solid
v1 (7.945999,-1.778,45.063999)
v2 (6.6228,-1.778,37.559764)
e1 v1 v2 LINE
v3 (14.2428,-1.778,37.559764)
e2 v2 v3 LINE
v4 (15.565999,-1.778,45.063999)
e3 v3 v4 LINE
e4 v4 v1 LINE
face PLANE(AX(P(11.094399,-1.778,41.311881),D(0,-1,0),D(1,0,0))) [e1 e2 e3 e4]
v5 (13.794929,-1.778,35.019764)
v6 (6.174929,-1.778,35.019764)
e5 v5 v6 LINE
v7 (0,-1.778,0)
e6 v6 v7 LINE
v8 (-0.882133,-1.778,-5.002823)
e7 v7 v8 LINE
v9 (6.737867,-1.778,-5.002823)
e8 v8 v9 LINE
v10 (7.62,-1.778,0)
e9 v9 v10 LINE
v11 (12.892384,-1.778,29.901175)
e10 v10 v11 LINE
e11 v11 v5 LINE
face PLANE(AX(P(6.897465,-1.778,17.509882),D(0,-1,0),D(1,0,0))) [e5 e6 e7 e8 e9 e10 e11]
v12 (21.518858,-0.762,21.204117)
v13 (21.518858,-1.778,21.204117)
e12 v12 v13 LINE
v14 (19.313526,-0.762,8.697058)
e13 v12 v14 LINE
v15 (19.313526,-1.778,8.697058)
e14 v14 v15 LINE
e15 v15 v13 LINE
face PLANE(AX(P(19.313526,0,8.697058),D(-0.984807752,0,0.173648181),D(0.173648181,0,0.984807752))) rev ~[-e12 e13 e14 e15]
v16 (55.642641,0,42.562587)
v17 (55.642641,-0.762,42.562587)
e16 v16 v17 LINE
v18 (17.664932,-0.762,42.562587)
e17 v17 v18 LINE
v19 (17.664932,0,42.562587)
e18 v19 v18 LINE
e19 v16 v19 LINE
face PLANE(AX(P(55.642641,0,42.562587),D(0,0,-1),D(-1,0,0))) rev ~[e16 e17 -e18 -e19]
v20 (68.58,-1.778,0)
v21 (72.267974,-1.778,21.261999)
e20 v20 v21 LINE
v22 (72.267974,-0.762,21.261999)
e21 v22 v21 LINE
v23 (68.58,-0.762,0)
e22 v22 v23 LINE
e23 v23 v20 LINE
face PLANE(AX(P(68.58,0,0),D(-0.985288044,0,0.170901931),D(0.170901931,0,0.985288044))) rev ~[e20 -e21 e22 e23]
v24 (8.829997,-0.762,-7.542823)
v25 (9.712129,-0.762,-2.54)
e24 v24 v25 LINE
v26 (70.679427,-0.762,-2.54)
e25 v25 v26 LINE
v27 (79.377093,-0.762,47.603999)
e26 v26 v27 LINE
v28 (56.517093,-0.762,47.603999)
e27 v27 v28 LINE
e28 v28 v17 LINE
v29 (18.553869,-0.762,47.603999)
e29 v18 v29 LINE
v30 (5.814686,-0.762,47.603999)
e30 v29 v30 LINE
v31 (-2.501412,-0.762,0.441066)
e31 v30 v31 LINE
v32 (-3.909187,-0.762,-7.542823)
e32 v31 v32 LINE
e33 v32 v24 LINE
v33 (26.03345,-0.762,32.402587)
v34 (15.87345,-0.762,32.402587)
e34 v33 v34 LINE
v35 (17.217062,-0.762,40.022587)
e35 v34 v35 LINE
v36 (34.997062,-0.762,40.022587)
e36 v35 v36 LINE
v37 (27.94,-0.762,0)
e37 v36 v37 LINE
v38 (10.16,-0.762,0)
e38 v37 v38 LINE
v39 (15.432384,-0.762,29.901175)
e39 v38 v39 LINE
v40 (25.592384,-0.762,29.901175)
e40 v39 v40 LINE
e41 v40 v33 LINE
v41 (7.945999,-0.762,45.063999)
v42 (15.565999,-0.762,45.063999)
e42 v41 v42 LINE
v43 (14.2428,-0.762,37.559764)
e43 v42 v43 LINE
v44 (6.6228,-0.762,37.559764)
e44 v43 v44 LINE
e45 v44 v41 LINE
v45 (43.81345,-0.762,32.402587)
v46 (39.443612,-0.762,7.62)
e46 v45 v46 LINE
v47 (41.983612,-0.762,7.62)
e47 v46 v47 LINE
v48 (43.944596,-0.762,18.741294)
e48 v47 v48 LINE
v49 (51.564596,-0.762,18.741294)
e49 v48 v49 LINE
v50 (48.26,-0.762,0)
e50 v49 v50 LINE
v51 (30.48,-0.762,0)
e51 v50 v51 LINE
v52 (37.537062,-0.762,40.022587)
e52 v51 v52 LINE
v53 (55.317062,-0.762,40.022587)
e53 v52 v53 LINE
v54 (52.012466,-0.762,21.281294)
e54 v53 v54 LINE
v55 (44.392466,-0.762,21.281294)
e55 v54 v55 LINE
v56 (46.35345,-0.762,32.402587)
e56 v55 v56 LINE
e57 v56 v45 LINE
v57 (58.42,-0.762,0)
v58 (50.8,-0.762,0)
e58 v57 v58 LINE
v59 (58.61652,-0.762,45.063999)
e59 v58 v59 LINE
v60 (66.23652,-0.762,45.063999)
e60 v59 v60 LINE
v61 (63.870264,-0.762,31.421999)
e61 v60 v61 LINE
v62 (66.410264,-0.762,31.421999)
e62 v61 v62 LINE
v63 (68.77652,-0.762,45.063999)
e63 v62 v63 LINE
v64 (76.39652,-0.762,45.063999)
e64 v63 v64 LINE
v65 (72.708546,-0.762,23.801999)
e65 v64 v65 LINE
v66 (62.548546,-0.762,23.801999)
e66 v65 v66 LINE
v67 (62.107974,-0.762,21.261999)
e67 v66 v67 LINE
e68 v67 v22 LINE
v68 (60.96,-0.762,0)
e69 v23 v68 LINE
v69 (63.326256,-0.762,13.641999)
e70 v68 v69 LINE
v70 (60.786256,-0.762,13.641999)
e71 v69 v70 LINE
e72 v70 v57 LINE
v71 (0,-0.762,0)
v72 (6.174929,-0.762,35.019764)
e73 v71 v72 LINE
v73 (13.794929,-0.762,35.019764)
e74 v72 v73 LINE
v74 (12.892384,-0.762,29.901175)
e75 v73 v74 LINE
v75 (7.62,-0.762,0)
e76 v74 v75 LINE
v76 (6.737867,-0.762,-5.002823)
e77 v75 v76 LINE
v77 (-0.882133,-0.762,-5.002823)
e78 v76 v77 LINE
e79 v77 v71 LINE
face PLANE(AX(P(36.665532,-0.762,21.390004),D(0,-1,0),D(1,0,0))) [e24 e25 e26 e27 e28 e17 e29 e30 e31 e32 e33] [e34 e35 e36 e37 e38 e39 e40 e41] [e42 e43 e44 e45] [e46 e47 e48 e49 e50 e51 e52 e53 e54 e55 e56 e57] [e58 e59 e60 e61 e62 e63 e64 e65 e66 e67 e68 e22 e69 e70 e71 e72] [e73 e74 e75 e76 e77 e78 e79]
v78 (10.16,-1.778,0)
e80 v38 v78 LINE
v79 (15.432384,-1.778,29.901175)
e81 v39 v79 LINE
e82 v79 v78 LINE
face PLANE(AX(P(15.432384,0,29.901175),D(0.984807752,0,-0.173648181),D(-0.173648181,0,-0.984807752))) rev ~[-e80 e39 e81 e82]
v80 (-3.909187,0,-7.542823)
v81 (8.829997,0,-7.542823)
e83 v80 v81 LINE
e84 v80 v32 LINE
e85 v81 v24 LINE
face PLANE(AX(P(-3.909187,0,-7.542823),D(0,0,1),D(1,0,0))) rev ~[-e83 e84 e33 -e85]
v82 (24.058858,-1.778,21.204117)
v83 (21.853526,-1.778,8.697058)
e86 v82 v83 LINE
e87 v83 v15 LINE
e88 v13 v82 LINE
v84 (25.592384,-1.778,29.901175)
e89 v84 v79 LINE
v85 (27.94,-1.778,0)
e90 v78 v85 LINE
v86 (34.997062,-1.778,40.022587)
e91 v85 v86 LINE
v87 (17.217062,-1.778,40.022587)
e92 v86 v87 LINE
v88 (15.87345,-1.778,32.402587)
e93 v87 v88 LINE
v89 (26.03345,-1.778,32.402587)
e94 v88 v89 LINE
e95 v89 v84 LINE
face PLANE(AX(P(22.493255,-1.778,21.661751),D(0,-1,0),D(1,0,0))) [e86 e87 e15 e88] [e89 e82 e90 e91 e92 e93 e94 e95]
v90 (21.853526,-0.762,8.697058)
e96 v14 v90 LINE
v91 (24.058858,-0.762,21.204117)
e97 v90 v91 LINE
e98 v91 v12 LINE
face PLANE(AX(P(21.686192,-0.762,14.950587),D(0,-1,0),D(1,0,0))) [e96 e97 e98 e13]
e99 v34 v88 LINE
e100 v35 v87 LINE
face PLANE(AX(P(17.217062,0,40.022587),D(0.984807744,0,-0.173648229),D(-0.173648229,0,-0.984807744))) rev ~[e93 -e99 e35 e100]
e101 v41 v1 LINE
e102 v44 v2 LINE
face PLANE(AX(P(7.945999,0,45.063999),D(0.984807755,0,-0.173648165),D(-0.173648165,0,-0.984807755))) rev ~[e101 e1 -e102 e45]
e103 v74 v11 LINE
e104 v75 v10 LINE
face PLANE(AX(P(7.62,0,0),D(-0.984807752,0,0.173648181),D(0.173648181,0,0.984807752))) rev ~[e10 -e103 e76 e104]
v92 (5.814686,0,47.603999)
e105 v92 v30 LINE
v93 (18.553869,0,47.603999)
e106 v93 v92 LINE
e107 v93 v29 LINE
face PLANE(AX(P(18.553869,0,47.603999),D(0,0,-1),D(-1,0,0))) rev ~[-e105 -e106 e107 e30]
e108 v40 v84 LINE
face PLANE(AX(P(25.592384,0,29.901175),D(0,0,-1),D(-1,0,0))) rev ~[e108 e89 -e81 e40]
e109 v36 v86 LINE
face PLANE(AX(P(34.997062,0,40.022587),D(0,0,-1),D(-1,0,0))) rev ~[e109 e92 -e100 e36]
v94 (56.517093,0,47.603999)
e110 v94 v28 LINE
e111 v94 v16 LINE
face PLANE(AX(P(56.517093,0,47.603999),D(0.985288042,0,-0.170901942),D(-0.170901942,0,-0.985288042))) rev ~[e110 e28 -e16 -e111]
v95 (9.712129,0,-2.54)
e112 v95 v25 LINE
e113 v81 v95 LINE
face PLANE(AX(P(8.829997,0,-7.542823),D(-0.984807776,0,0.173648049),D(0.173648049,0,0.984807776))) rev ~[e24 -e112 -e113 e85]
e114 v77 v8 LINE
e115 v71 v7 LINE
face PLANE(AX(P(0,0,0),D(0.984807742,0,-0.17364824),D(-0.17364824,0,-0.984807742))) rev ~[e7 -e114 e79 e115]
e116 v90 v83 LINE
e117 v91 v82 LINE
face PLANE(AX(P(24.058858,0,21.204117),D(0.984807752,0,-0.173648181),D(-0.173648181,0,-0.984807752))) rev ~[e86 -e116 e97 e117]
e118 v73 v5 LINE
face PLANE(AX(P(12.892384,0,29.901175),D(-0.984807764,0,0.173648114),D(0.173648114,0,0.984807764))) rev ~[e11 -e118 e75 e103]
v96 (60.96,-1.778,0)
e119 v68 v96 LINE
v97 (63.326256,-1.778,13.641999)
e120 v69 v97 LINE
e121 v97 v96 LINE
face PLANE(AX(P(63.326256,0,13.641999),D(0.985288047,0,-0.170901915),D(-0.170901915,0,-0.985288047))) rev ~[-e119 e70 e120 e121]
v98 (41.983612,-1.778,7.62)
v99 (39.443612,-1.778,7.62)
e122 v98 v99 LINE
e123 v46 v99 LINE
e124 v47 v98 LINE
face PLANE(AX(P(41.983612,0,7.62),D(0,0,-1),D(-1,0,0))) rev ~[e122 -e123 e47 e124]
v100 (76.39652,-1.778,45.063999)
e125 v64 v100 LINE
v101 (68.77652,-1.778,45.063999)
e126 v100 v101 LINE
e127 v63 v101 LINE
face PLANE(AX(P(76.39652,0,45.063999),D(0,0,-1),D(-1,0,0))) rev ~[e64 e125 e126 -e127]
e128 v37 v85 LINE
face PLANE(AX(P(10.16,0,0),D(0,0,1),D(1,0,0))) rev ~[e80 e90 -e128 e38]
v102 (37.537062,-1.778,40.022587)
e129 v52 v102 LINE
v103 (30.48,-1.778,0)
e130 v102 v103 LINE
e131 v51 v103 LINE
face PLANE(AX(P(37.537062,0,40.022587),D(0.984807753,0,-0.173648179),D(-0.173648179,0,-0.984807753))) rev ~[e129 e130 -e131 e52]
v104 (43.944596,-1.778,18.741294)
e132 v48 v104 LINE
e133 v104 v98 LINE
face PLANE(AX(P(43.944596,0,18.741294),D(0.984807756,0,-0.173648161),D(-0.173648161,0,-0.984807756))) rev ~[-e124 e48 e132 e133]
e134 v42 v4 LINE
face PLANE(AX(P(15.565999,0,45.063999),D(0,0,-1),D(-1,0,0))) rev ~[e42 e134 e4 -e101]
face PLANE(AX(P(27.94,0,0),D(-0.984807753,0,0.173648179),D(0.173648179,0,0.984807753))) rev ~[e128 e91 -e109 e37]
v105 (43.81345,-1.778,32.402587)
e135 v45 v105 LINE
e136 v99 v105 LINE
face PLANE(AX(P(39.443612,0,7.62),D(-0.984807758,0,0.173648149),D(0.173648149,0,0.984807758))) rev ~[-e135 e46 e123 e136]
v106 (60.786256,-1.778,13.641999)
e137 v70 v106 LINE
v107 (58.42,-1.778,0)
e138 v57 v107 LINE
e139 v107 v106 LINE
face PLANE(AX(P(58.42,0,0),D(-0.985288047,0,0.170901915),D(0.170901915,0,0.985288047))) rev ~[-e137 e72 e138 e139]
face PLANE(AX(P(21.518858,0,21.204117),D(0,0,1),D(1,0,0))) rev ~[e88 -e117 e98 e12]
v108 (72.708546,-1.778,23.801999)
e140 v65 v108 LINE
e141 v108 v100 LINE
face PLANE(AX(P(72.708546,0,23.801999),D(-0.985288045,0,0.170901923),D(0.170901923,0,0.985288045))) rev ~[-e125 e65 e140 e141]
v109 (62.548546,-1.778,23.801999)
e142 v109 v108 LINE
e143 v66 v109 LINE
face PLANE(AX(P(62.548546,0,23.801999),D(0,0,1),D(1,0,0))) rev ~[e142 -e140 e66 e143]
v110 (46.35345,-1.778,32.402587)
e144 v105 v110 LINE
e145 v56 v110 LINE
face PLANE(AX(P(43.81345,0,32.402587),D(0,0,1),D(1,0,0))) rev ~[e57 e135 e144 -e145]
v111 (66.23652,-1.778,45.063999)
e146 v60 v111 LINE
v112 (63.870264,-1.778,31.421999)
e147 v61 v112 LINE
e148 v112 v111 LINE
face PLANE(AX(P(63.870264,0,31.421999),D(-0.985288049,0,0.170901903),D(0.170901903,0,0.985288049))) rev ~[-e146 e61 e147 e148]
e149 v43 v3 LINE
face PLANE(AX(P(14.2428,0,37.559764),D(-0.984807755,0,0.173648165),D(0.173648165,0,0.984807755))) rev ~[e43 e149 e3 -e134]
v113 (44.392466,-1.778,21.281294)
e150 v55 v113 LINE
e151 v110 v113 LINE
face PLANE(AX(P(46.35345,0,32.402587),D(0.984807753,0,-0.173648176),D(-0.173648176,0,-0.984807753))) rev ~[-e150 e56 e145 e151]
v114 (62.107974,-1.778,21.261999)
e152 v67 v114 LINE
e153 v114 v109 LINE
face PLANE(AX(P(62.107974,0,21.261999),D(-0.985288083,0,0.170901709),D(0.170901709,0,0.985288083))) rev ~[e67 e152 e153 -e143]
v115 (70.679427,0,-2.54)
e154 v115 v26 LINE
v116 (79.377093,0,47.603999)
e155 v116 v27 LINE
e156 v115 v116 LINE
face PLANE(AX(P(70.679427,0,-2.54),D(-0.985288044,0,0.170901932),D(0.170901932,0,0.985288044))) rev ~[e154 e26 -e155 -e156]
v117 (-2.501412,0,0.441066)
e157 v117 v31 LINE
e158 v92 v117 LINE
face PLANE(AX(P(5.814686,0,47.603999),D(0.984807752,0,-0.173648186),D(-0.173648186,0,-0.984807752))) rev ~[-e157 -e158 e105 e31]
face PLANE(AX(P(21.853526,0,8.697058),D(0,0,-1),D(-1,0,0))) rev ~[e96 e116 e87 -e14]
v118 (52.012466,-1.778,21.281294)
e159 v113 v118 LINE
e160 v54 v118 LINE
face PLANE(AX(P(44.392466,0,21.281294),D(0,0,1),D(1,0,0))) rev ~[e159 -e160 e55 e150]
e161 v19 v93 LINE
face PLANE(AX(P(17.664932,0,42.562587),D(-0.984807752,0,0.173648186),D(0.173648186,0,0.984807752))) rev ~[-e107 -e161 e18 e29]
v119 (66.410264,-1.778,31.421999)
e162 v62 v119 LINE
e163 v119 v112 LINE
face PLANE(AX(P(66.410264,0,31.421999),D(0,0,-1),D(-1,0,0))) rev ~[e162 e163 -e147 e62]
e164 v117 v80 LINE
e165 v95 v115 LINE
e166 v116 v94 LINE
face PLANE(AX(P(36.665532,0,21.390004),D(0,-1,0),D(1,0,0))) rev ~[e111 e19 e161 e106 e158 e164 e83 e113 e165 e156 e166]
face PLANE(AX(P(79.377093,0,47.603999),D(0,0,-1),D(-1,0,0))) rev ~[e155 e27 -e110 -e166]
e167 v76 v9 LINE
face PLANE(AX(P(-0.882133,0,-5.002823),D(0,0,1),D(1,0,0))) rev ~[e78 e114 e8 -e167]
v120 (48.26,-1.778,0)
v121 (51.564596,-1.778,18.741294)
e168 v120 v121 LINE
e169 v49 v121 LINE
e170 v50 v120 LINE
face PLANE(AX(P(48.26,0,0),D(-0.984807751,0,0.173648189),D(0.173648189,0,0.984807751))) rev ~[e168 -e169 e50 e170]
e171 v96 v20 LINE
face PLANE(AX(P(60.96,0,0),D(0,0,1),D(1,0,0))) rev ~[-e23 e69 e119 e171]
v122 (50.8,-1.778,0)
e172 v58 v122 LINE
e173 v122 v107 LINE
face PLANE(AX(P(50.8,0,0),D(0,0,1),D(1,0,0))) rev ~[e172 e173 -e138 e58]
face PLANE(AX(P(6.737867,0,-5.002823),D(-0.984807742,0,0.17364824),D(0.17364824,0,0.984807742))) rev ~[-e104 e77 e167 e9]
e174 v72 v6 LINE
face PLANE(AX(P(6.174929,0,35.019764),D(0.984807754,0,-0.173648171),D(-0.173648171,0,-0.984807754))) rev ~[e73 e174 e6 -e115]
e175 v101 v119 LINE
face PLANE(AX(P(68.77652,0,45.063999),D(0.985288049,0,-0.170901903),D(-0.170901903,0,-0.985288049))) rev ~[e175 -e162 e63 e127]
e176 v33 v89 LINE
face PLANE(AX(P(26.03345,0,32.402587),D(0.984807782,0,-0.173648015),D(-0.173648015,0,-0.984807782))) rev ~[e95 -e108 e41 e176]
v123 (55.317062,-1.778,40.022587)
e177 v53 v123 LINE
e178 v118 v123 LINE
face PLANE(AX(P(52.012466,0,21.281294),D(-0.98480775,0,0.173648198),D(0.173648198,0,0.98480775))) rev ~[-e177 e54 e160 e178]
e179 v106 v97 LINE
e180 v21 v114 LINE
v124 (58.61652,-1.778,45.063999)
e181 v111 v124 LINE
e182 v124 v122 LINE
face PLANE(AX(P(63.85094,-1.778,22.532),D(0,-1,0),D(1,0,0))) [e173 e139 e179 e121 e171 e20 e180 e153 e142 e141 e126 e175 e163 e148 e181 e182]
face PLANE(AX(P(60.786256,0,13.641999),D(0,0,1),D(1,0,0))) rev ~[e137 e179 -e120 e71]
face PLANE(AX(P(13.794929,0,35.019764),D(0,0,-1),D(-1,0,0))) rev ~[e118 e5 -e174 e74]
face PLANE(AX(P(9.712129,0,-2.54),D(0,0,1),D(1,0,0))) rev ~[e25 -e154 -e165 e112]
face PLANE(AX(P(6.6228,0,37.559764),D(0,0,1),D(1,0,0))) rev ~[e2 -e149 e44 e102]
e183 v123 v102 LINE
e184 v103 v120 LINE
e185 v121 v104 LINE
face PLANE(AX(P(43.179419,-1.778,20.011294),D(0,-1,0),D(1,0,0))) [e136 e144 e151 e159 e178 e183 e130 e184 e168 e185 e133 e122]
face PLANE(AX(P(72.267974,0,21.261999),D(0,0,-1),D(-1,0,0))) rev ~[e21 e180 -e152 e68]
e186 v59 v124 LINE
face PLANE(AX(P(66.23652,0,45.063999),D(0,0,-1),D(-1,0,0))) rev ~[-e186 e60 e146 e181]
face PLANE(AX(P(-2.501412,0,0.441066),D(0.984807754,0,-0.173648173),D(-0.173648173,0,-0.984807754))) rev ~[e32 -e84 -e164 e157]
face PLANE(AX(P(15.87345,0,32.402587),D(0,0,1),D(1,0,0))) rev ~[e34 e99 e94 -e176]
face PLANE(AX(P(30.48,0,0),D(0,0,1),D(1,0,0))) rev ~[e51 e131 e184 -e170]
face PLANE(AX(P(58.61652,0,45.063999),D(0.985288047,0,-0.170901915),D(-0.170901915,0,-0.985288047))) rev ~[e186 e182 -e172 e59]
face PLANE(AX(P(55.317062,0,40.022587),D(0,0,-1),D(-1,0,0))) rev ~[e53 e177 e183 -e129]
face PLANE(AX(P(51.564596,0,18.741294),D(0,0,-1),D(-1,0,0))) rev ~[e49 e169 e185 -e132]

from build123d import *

# Parameters (mm, degrees)
F1_DEPTH = 0.762
F2_DEPTH = 1.778


with BuildPart() as f1:
    # F0 (on Front) → F1 (new body)
    with BuildSketch(Plane.XZ):
        Polygon((-2.501412, 0.441066), (-3.909187, -7.542823), (8.829997, -7.542823), (9.712129, -2.54), (70.679427, -2.54), (79.377093, 47.603999), (56.517093, 47.603999), (55.642641, 42.562587), (17.664932, 42.562587), (18.553869, 47.603999), (5.814686, 47.603999), align=None)
        Polygon((-0.882133, -5.002823), (0, 0), (6.174929, 35.019764), (13.794929, 35.019764), (12.892384, 29.901175), (7.62, 0), (6.737867, -5.002823), align=None, mode=Mode.SUBTRACT)
        Polygon((10.16, 0), (15.432384, 29.901175), (25.592384, 29.901175), (26.03345, 32.402587), (15.87345, 32.402587), (17.217062, 40.022587), (34.997062, 40.022587), (27.94, 0), align=None, mode=Mode.SUBTRACT)
        Polygon((48.26, 0), (30.48, 0), (37.537062, 40.022587), (55.317062, 40.022587), (52.012466, 21.281294), (44.392466, 21.281294), (46.35345, 32.402587), (43.81345, 32.402587), (39.443612, 7.62), (41.983612, 7.62), (43.944596, 18.741294), (51.564596, 18.741294), align=None, mode=Mode.SUBTRACT)
        Polygon((14.2428, 37.559764), (6.6228, 37.559764), (7.945999, 45.063999), (15.565999, 45.063999), align=None, mode=Mode.SUBTRACT)
        Polygon((50.8, 0), (58.61652, 45.063999), (66.23652, 45.063999), (63.870264, 31.421999), (66.410264, 31.421999), (68.77652, 45.063999), (76.39652, 45.063999), (72.708546, 23.801999), (62.548546, 23.801999), (62.107974, 21.261999), (72.267974, 21.261999), (68.58, 0), (60.96, 0), (63.326256, 13.641999), (60.786256, 13.641999), (58.42, 0), align=None, mode=Mode.SUBTRACT)
        Polygon((24.058858, 21.204117), (21.518858, 21.204117), (19.313526, 8.697058), (21.853526, 8.697058), align=None)
    extrude(amount=F1_DEPTH)

    # F0 (on Front) → F2 (join)
    with BuildSketch(Plane.XZ):
        Polygon((6.174929, 35.019764), (0, 0), (7.62, 0), (12.892384, 29.901175), (13.794929, 35.019764), align=None)
        Polygon((7.62, 0), (0, 0), (-0.882133, -5.002823), (6.737867, -5.002823), align=None)
        Polygon((7.945999, 45.063999), (6.6228, 37.559764), (14.2428, 37.559764), (15.565999, 45.063999), align=None)
        Polygon((25.592384, 29.901175), (15.432384, 29.901175), (10.16, 0), (27.94, 0), (34.997062, 40.022587), (17.217062, 40.022587), (15.87345, 32.402587), (26.03345, 32.402587), align=None)
        Polygon((19.313526, 8.697058), (21.518858, 21.204117), (24.058858, 21.204117), (21.853526, 8.697058), align=None, mode=Mode.SUBTRACT)
        Polygon((37.537062, 40.022587), (30.48, 0), (48.26, 0), (51.564596, 18.741294), (43.944596, 18.741294), (41.983612, 7.62), (39.443612, 7.62), (43.81345, 32.402587), (46.35345, 32.402587), (44.392466, 21.281294), (52.012466, 21.281294), (55.317062, 40.022587), align=None)
        Polygon((66.23652, 45.063999), (58.61652, 45.063999), (50.8, 0), (58.42, 0), (60.786256, 13.641999), (63.326256, 13.641999), (60.96, 0), (68.58, 0), (72.267974, 21.261999), (62.107974, 21.261999), (62.548546, 23.801999), (72.708546, 23.801999), (76.39652, 45.063999), (68.77652, 45.063999), (66.410264, 31.421999), (63.870264, 31.421999), align=None)
    extrude(amount=F2_DEPTH)


solid = f1.part
